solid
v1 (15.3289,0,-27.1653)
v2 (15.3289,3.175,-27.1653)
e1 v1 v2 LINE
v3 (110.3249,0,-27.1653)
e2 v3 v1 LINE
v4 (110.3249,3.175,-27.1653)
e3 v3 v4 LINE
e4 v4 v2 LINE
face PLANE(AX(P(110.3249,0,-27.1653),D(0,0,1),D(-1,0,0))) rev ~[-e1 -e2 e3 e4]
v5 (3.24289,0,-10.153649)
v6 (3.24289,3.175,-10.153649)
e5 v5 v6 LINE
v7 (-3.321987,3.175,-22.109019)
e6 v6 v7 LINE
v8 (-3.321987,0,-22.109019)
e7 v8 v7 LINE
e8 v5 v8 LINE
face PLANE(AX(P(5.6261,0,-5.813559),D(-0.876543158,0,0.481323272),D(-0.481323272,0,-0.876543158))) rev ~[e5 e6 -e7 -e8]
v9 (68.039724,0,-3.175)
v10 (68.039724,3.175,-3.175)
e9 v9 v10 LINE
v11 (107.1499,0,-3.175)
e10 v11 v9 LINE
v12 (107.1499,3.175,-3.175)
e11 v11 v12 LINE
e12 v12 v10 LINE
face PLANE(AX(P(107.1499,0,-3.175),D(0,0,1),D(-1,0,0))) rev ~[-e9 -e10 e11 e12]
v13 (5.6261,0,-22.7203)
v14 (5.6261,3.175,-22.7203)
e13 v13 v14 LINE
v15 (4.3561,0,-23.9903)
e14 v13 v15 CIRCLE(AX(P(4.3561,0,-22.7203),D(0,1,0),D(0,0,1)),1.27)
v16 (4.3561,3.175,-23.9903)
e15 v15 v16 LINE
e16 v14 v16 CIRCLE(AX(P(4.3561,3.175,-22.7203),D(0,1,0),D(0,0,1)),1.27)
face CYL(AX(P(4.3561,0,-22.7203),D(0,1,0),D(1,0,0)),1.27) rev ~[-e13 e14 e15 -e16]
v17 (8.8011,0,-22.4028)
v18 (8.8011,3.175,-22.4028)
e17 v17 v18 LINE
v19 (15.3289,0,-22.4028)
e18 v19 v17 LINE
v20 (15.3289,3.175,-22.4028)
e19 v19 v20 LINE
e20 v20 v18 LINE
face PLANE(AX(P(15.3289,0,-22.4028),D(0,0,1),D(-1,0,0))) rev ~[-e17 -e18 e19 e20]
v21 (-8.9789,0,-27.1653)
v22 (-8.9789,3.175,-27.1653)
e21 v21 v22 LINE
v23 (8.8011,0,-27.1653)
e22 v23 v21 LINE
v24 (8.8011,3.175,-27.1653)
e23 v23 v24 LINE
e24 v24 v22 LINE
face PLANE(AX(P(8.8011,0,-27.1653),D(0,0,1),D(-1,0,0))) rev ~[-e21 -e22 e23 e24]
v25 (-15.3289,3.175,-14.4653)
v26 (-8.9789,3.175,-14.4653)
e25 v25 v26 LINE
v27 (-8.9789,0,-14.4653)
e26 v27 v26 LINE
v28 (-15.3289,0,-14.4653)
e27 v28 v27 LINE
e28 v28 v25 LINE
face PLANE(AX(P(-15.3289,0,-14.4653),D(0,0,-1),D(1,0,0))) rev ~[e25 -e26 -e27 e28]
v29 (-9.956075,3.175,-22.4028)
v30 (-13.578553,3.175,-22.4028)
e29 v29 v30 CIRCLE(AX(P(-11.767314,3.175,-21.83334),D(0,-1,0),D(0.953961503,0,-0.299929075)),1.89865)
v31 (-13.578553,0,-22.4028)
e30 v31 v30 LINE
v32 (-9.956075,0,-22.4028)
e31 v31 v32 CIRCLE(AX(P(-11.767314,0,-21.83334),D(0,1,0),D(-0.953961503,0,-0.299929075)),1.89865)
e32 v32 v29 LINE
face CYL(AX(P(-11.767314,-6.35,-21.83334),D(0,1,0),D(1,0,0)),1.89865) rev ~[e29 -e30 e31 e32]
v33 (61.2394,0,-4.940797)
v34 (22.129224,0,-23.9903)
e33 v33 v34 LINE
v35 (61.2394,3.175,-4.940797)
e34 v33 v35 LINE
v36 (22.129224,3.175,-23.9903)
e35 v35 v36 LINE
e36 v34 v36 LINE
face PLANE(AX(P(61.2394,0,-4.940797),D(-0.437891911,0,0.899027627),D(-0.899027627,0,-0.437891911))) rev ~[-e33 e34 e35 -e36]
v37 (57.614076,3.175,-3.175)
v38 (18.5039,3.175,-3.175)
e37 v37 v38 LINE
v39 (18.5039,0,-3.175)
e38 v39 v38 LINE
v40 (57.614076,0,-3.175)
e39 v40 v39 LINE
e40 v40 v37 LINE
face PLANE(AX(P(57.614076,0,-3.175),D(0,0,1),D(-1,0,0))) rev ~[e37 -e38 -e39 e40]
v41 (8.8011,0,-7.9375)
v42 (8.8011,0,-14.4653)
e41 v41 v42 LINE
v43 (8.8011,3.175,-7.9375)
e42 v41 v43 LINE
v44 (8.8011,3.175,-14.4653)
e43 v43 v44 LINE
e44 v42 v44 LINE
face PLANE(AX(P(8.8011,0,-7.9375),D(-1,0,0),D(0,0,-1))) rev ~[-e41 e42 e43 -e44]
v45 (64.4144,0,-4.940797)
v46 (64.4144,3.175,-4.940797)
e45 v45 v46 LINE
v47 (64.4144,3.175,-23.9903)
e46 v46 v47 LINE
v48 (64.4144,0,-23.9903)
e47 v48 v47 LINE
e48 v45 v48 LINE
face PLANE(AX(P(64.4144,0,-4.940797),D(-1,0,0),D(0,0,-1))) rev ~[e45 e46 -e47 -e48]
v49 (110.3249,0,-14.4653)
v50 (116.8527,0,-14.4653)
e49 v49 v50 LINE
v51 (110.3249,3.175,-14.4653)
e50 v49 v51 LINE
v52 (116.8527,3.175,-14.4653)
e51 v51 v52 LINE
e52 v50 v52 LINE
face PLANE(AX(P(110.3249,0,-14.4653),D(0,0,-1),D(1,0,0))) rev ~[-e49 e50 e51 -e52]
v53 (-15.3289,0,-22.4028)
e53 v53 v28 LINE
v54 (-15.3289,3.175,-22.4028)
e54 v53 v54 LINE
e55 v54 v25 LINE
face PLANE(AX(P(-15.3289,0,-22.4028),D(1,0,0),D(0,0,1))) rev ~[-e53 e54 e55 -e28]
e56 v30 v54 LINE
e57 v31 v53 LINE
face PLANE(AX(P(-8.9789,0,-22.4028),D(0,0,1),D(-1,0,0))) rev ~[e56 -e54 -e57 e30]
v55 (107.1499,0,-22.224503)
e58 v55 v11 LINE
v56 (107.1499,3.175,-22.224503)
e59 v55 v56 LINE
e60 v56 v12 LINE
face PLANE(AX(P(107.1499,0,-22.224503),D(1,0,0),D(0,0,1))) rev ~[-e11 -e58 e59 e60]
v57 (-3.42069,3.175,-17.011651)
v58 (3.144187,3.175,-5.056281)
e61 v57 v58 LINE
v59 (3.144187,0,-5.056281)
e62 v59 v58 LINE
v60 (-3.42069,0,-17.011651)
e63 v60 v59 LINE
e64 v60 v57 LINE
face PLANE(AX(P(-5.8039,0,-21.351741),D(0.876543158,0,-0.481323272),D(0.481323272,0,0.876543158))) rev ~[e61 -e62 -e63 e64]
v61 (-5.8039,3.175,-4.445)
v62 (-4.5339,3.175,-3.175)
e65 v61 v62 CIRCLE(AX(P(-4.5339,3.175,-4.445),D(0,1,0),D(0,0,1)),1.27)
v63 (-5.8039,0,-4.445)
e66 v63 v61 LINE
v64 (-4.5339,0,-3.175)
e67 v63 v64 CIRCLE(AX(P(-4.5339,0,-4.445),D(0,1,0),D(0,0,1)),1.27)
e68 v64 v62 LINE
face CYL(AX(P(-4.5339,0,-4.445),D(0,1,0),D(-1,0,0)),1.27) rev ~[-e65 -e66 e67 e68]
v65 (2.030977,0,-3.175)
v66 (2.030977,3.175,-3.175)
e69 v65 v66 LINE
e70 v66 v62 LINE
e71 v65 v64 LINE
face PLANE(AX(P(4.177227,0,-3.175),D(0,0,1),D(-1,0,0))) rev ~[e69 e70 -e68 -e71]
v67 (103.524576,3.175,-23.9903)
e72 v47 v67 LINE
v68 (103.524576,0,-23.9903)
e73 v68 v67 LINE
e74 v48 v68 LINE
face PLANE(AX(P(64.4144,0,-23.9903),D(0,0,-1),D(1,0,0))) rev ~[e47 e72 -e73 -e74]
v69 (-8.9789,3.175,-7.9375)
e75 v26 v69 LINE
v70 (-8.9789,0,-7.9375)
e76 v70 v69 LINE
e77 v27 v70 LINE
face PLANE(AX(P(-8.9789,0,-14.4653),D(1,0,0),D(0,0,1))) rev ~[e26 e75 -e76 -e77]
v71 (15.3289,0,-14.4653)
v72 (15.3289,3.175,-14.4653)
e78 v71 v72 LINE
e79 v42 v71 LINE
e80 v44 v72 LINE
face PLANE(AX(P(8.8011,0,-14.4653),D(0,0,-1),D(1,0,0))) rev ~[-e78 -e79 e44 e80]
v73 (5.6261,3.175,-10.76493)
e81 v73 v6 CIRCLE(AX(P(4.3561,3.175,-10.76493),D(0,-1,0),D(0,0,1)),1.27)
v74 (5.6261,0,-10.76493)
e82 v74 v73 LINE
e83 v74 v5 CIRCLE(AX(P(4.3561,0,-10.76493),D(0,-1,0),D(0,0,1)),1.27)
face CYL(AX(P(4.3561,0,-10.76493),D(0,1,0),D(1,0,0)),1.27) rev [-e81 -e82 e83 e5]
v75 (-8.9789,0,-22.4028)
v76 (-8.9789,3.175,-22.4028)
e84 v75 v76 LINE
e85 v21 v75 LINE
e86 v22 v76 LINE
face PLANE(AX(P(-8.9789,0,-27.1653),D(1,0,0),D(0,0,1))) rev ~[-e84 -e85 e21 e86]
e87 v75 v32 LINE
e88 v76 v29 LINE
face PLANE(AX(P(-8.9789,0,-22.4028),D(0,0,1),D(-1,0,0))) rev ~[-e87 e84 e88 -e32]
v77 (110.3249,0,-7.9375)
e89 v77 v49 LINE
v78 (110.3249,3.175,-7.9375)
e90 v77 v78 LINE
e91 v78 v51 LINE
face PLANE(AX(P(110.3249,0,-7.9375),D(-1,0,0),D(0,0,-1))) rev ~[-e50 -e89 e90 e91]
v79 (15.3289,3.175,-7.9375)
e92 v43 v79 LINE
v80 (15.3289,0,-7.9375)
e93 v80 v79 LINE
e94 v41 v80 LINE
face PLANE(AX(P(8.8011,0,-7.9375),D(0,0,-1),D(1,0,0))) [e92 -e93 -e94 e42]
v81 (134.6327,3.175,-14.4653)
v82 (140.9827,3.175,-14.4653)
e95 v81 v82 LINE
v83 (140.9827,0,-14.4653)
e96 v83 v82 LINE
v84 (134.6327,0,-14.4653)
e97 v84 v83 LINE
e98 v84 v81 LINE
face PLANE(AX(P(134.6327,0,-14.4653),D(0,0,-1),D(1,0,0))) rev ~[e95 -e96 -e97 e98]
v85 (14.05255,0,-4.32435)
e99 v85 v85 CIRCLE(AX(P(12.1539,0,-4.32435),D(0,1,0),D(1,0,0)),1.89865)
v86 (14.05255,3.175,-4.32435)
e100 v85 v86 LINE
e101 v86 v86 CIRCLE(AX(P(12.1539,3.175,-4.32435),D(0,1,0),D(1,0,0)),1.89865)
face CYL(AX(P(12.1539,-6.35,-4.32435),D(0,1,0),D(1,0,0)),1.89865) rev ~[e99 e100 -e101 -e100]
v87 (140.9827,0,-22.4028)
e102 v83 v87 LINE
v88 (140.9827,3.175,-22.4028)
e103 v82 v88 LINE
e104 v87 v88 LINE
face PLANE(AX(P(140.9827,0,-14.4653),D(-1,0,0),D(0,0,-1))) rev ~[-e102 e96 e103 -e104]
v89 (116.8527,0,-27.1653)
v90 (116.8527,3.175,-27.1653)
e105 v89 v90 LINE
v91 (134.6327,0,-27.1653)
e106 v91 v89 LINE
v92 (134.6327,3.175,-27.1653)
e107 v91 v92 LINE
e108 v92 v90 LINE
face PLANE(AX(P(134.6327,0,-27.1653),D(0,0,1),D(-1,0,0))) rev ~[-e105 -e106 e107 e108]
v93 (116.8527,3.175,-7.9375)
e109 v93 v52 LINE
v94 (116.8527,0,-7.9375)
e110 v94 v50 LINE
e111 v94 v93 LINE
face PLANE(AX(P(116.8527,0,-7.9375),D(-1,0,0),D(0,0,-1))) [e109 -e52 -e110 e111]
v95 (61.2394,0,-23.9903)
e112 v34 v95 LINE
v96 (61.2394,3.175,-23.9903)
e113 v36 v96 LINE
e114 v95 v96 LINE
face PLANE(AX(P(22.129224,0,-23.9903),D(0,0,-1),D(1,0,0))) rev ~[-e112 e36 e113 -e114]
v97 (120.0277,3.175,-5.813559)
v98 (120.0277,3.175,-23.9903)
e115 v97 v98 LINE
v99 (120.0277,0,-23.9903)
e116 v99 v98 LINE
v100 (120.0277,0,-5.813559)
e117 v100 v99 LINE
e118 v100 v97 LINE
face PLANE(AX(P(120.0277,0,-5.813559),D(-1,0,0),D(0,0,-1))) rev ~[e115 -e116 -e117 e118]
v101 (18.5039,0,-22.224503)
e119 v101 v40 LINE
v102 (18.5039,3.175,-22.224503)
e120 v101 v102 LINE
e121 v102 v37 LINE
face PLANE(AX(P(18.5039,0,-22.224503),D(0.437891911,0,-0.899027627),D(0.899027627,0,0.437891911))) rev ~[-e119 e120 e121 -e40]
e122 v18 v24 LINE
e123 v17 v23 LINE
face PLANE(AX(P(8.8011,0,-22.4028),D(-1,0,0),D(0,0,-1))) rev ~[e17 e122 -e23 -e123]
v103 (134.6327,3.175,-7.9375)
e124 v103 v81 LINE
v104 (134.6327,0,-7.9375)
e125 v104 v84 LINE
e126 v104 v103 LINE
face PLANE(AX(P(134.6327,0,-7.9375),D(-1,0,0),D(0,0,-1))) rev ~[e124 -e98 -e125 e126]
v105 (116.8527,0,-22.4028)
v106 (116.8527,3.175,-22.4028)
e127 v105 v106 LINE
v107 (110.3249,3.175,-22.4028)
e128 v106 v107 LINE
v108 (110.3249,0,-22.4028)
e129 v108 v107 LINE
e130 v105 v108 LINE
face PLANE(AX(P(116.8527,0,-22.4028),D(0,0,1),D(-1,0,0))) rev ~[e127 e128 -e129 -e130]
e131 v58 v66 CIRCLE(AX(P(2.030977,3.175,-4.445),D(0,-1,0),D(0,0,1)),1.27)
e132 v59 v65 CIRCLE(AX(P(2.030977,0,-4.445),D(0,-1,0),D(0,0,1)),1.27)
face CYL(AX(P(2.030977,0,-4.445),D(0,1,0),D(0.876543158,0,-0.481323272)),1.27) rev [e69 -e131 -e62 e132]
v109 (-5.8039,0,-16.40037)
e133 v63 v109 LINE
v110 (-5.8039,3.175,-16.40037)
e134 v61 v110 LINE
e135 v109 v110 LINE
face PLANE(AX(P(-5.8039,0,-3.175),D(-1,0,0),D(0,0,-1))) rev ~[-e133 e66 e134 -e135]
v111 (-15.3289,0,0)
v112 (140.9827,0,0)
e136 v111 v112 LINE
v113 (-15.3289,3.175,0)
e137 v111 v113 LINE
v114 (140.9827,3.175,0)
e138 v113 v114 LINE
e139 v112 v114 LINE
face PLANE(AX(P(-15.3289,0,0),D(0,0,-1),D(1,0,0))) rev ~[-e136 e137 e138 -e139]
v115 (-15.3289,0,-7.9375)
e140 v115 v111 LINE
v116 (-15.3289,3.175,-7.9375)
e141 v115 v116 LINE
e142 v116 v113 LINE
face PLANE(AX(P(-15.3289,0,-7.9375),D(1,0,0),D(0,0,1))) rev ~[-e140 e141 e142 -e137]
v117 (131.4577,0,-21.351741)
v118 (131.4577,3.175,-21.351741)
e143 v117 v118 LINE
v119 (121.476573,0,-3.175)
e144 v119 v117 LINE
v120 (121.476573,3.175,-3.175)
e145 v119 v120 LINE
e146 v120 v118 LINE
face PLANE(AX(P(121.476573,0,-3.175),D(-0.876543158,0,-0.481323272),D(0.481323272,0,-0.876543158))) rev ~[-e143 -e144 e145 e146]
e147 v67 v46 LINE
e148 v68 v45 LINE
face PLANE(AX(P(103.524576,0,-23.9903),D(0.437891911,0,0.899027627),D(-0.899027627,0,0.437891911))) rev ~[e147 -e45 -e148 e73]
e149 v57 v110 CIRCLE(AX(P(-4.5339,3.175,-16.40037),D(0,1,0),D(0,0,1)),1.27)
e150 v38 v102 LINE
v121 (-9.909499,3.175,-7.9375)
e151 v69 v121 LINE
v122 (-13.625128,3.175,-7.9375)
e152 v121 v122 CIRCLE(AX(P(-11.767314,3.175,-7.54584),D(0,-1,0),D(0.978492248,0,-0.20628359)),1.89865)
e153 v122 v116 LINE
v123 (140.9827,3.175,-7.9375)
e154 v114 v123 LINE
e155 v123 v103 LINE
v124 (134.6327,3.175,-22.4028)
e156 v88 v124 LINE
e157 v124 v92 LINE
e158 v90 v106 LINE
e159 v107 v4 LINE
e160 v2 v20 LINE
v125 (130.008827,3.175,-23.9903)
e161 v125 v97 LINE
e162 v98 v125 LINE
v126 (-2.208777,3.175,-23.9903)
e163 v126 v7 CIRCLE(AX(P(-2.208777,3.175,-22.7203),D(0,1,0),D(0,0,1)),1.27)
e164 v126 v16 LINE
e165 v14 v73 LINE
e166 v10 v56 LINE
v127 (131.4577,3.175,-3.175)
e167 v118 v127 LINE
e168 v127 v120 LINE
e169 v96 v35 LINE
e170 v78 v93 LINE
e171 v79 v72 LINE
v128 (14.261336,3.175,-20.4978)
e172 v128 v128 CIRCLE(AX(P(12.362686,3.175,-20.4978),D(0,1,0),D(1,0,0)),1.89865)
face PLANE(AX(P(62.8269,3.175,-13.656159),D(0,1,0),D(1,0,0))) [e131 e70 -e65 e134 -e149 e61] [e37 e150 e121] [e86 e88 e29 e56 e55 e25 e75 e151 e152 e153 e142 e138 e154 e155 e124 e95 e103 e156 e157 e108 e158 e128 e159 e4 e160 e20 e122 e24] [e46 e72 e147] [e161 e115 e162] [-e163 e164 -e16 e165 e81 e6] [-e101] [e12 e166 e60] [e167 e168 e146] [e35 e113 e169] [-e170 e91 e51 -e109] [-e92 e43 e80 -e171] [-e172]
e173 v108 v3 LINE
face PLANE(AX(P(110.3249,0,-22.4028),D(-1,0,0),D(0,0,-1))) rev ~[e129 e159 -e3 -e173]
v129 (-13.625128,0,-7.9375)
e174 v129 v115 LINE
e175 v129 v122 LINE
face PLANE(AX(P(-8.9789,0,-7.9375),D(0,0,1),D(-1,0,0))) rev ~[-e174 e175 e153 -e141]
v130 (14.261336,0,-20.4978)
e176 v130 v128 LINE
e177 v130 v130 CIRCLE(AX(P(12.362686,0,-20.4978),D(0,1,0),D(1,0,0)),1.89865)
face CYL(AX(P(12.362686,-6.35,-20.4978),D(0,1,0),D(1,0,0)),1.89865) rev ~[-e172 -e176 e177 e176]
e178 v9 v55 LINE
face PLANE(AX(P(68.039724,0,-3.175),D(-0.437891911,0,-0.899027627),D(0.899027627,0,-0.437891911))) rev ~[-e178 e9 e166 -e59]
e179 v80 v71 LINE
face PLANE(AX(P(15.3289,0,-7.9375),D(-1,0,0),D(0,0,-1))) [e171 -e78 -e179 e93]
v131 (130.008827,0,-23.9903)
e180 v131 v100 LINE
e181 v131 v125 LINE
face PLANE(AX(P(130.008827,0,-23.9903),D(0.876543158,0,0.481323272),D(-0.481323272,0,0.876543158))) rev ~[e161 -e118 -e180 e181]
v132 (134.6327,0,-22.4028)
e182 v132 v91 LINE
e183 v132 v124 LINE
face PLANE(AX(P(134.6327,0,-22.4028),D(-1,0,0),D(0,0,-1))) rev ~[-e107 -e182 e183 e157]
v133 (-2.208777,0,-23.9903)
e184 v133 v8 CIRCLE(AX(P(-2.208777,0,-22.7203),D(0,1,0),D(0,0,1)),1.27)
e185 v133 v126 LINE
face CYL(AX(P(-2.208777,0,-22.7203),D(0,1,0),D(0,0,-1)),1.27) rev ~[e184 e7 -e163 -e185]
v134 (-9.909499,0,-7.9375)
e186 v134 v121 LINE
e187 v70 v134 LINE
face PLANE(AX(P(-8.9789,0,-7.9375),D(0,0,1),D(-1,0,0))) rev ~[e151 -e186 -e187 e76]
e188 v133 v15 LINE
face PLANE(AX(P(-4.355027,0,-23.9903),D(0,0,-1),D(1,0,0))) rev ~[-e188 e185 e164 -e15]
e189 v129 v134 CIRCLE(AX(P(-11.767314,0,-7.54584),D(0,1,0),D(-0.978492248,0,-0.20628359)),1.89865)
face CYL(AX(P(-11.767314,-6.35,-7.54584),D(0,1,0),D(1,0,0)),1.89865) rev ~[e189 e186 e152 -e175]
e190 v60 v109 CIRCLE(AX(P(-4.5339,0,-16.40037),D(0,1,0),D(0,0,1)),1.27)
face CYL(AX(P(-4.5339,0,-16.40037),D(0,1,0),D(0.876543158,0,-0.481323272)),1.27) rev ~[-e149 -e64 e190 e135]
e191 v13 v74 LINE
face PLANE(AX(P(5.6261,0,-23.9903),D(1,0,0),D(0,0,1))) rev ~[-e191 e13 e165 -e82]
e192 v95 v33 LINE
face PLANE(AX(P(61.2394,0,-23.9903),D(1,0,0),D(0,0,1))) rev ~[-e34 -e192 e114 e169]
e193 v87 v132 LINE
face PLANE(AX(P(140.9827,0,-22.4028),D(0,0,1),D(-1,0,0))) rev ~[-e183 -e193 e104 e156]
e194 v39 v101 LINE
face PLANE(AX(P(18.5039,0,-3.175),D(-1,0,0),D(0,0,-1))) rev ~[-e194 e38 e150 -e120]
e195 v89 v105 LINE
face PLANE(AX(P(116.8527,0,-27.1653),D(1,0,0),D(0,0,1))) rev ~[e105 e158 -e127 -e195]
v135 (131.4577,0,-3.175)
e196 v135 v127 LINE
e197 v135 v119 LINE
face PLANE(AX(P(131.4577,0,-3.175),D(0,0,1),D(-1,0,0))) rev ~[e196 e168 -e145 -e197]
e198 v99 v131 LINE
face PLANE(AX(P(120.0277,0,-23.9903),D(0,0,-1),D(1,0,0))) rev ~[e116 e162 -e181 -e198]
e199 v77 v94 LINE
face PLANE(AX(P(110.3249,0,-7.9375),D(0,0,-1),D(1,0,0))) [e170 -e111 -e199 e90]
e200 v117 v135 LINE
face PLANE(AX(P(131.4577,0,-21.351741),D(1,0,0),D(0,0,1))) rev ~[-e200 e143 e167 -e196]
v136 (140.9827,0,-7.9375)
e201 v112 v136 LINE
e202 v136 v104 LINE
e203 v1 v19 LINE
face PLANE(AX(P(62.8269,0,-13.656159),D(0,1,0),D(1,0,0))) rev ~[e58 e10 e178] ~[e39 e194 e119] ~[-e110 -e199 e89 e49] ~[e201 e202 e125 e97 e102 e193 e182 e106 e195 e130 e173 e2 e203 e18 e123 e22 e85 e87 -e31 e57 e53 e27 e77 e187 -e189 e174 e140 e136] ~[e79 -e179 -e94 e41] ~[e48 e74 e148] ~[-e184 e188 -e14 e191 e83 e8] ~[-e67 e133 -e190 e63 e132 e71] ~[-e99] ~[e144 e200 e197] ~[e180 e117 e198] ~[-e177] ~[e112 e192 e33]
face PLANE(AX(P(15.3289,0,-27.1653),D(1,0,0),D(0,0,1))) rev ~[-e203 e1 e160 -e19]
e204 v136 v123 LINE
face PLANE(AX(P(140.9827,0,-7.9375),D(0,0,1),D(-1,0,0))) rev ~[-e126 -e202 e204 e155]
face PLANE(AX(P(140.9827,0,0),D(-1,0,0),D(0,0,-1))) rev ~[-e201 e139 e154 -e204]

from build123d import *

# Parameters (mm, degrees)
SKETCH1_W                 = 6.5278
SKETCH1_H                 = 6.5278
BOSS_EXTRUDE1_DEPTH       = 3.175
F_6_CLEARANCE_HOLE1_D     = 3.7973
F_6_CLEARANCE_HOLE1_DEPTH = 6.35
F_6_CLEARANCE_HOLE1_TIP   = 1.140824014
FILLET1_R                 = 1.27


with BuildPart() as part:
    # Sketch1 → Boss-Extrude1 (new body)
    with BuildSketch(Plane(origin=(0, 0, 0), x_dir=(1, 0, 0), z_dir=(0, 1, 0))):
        Polygon((110.3249, 27.1653), (15.3289, 27.1653), (15.3289, 22.4028), (8.8011, 22.4028), (8.8011, 27.1653), (-8.9789, 27.1653), (-8.9789, 22.4028), (-15.3289, 22.4028), (-15.3289, 14.4653), (-8.9789, 14.4653), (-8.9789, 7.9375), (-15.3289, 7.9375), (-15.3289, 0), (140.9827, 0), (140.9827, 7.9375), (134.6327, 7.9375), (134.6327, 14.4653), (140.9827, 14.4653), (140.9827, 22.4028), (134.6327, 22.4028), (134.6327, 27.1653), (116.8527, 27.1653), (116.8527, 22.4028), (110.3249, 22.4028), align=None)
        Polygon((-5.8039, 3.175), (-5.8039, 21.351740689), (4.177226675, 3.175), align=None, mode=Mode.SUBTRACT)
        with Locations((12.065, 11.2014)):
            Rectangle(SKETCH1_W, SKETCH1_H, mode=Mode.SUBTRACT)
        Polygon((18.5039, 3.175), (18.5039, 22.224503319), (57.614076125, 3.175), align=None, mode=Mode.SUBTRACT)
        Polygon((107.1499, 3.175), (68.039723875, 3.175), (107.1499, 22.224503319), align=None, mode=Mode.SUBTRACT)
        with Locations((113.5888, 11.2014)):
            Rectangle(SKETCH1_W, SKETCH1_H, mode=Mode.SUBTRACT)
        Polygon((-4.355026675, 23.9903), (5.6261, 23.9903), (5.6261, 5.813559311), align=None, mode=Mode.SUBTRACT)
        Polygon((22.129223875, 23.9903), (61.2394, 23.9903), (61.2394, 4.940796681), align=None, mode=Mode.SUBTRACT)
        Polygon((64.4144, 4.940796681), (64.4144, 23.9903), (103.524576125, 23.9903), align=None, mode=Mode.SUBTRACT)
        Polygon((120.0277, 23.9903), (130.008826675, 23.9903), (120.0277, 5.813559311), align=None, mode=Mode.SUBTRACT)
        Polygon((131.4577, 21.351740689), (131.4577, 3.175), (121.476573325, 3.175), align=None, mode=Mode.SUBTRACT)
    extrude(amount=BOSS_EXTRUDE1_DEPTH)

    # #6 Clearance Hole1
    with Locations(Plane(origin=(11.855385862, 0, -6.482820987), x_dir=(-1, 0, 0), z_dir=(0, -1, 0))):
        with Locations((-0.507300427, 14.014979013), (-0.298514138, -2.158470987), (23.622699573, 1.063018674), (23.622699573, 15.350518674)):
            Hole(F_6_CLEARANCE_HOLE1_D / 2, depth=F_6_CLEARANCE_HOLE1_DEPTH)
            with Locations((0, 0, -(F_6_CLEARANCE_HOLE1_DEPTH + F_6_CLEARANCE_HOLE1_TIP / 2))):  # 118° drill point
                Cone(0, F_6_CLEARANCE_HOLE1_D / 2, F_6_CLEARANCE_HOLE1_TIP, mode=Mode.SUBTRACT)

    # Fillet1
    fillet1_edges = [part.edges().sort_by_distance(p)[0] for p in [
        (-5.8039, 1.5875, -21.351740689),
        (-5.8039, 1.5875, -3.175),
        (4.177226675, 1.5875, -3.175),
        (5.6261, 1.5875, -5.813559311),
        (5.6261, 1.5875, -23.9903),
        (-4.355026675, 1.5875, -23.9903),
    ]]
    fillet(fillet1_edges, radius=FILLET1_R)


solid = part.part
